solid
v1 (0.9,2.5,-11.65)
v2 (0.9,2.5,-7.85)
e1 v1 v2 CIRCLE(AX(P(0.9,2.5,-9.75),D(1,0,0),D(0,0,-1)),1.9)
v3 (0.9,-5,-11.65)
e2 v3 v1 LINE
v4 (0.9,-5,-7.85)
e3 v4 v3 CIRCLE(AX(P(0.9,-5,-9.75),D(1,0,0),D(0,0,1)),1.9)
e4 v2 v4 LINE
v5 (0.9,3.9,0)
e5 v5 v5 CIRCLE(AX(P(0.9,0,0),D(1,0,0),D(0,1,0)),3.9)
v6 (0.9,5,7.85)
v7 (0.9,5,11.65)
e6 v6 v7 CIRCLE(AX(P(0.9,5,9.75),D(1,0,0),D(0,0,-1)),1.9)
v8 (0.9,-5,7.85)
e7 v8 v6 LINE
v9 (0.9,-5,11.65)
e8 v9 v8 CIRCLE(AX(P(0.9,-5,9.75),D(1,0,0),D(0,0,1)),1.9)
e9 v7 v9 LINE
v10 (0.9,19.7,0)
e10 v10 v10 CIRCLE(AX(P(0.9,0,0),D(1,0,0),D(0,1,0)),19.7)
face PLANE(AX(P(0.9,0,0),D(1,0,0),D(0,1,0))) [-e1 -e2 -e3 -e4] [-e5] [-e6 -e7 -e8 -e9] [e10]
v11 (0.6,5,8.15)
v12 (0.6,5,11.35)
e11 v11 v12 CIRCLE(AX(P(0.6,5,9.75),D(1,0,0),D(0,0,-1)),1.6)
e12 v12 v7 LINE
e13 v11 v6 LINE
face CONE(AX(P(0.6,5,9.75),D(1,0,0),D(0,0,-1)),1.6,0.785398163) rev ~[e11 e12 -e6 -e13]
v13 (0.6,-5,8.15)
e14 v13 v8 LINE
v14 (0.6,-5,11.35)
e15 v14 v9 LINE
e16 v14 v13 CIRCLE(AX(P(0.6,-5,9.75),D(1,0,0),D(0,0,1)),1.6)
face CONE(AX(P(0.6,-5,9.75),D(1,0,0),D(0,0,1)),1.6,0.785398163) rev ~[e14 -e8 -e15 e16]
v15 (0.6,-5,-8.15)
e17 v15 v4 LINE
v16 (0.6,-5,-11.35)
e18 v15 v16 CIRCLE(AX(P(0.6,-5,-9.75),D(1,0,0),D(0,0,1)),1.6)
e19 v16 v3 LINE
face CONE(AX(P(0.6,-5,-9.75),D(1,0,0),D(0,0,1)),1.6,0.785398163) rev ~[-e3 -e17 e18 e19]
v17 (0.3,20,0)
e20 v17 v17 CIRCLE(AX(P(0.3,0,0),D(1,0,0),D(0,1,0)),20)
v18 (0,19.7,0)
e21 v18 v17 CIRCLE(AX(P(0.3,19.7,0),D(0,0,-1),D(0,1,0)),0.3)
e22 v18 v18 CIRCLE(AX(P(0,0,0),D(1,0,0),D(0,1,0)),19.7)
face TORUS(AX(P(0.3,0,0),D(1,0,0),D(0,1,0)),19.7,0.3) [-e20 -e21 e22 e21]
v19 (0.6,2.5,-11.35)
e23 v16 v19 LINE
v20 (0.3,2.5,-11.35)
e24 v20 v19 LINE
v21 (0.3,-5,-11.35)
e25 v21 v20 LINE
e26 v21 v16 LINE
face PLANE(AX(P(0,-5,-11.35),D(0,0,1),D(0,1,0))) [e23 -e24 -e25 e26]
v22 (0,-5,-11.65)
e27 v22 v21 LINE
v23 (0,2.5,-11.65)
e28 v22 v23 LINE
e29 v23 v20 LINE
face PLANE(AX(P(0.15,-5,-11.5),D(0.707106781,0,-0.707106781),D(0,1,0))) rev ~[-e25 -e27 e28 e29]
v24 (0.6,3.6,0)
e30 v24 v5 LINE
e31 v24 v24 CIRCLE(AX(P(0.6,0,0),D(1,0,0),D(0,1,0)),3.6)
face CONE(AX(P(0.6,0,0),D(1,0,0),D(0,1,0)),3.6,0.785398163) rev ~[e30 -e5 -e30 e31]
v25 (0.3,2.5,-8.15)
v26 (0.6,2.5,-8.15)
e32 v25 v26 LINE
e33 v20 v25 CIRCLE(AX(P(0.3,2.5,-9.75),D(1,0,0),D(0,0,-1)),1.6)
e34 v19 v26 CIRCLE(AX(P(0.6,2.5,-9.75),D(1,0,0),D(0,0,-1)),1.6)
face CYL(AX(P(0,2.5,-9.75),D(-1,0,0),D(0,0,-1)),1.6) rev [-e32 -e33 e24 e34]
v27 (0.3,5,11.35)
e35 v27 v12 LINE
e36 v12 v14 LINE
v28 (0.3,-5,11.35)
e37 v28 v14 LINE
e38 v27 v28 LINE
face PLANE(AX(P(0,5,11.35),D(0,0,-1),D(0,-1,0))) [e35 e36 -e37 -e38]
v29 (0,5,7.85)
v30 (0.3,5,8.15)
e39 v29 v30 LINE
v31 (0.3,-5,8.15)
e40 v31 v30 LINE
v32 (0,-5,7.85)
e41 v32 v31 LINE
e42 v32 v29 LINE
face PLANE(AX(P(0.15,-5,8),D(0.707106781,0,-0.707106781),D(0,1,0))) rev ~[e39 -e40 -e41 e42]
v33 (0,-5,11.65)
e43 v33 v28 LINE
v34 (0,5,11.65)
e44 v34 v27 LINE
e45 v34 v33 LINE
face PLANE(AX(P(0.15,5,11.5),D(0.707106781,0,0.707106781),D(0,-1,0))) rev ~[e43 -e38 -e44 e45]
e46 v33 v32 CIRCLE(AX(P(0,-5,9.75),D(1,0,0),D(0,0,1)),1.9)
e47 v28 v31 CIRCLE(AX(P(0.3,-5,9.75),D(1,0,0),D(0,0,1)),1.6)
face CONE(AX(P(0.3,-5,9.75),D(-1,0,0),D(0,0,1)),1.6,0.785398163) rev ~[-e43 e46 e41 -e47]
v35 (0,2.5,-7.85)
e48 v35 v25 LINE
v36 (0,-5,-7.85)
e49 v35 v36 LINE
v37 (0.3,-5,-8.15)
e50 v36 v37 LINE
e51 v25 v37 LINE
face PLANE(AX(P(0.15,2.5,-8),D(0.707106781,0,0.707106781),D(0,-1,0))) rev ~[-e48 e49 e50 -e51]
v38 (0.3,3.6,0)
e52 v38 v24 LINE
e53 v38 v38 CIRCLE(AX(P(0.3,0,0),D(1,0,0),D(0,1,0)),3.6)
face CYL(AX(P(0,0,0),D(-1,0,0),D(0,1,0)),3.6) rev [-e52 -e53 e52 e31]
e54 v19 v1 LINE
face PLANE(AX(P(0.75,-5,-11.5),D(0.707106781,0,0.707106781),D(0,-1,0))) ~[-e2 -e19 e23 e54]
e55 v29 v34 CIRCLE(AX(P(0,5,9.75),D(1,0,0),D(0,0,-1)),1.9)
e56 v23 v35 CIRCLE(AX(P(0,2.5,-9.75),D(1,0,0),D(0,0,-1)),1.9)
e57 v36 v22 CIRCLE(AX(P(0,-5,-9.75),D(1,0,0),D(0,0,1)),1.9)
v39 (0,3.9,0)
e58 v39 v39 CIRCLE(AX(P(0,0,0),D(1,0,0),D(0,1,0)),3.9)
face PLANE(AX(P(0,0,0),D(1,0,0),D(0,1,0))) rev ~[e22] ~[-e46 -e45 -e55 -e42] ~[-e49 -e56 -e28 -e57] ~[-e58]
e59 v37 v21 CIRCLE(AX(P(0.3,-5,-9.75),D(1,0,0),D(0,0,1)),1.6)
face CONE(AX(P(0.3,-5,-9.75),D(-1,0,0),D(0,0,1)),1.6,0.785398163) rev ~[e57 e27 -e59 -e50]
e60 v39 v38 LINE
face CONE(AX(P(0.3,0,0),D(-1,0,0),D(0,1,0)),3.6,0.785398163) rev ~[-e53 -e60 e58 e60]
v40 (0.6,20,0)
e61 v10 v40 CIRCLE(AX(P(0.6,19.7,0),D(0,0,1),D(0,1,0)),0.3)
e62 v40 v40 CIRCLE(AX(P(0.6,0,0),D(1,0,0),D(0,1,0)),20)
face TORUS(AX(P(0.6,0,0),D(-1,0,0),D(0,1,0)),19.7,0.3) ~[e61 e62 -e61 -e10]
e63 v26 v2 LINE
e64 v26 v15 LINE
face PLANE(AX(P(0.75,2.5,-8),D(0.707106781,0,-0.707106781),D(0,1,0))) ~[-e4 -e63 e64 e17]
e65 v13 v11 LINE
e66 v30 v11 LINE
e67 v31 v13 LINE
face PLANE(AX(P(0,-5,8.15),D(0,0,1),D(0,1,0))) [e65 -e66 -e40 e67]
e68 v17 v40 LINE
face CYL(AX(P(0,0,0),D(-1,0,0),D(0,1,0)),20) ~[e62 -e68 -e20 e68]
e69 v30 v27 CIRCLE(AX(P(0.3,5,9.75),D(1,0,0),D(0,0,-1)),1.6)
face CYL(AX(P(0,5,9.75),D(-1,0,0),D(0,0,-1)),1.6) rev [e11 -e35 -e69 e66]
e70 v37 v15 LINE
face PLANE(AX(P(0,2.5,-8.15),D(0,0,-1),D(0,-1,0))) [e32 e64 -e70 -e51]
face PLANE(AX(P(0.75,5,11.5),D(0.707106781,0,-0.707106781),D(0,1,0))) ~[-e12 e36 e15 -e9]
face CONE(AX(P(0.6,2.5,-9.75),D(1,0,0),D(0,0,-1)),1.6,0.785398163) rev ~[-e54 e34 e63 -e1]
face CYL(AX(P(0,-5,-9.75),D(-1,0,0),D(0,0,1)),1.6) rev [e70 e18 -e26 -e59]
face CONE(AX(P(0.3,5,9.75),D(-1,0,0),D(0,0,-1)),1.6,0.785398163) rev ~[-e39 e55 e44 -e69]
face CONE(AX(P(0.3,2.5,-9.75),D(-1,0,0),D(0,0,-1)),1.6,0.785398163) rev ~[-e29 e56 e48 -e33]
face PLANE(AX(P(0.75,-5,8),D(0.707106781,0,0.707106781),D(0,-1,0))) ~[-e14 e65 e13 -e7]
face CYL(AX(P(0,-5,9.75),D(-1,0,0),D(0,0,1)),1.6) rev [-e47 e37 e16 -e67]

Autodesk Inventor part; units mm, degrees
ref_plane "YZ Plane" through (0, 0, 0) normal (1, 0, 0) x (0, 1, 0)
ref_plane "XZ Plane" through (0, 0, 0) normal (0, 1, 0) x (-1, 0, 0)
ref_plane "XY Plane" through (0, 0, 0) normal (0, 0, 1) x (1, 0, 0)
sketch "Sketch1" plane through (0, 0, 0) normal (1, 0, 0) x (0, 1, 0)
  circle A0 centre (0, 0) radius 3.6
  line L0 (-5, -9.75) -> (5, -9.75)
  line L1 (5, -9.75) -> (5, 9.75)
  line L2 (5, 9.75) -> (-5, 9.75)
  line L3 (-5, 9.75) -> (-5, -9.75)
  line L4 (-5, -9.75) -> (5, 9.75) construction
  line L5 (5, -9.75) -> (-5, 9.75) construction
  line L6 (5, 9.75) -> (-5, 9.75) construction
  line L7 (5, 11.35) -> (-5, 11.35)
  line L8 (-5, 8.15) -> (5, 8.15)
  arc A1 (5, 8.15) -> (5, 11.35) centre (5, 9.75) ccw
  arc A2 (-5, 11.35) -> (-5, 8.15) centre (-5, 9.75) ccw
  line L9 (-5, -9.75) -> (2.5, -9.75) construction
  line L10 (-5, -11.35) -> (2.5, -11.35)
  line L11 (2.5, -8.15) -> (-5, -8.15)
  arc A3 (-5, -8.15) -> (-5, -11.35) centre (-5, -9.75) ccw
  arc A4 (2.5, -11.35) -> (2.5, -8.15) centre (2.5, -9.75) ccw
  circle A5 centre (0, 0) radius 20
  point P0 (0, 9.75)
  point P1 (-1.25, -9.75)
  dimension "d0" = 7.2
  dimension "d1" = 19.5
  dimension "d2" = 10
  dimension "d3" = 1.6
  dimension "d4" = 7.5
  dimension "d5" = 40
  dimension "d12" = 1.6
extrude "Extrusion1" add sketch "Sketch1" along normal blind 0.9 contours A4 L11 L3 L8 L1 L0 | A5
fillet "Fillet1" radius 0.3 2 edges at (0.9, -20, 0) (0, -20, 0)
chamfer "Chamfer1" distance 0.3 angle 45 18 edges at (0.9, 0, 8.15) (0.9, -6.6, 9.75) (0.9, 0, 11.35) (0.9, 6.6, 9.75) (0.9, -3.6, 0) (0, -3.6, 0) (0, -1.25, -11.35) (0, -6.6, -9.75) (0, -1.25, -8.15) (0, 4.1, -9.75) (0.9, -1.25, -11.35) (0.9, -6.6, -9.75) (0.9, -1.25, -8.15) (0.9, 4.1, -9.75) (0, 0, 8.15) (0, -6.6, 9.75) (0, 0, 11.35) (0, 6.6, 9.75)
properties part number "CameraModuleSymbolDisc"
